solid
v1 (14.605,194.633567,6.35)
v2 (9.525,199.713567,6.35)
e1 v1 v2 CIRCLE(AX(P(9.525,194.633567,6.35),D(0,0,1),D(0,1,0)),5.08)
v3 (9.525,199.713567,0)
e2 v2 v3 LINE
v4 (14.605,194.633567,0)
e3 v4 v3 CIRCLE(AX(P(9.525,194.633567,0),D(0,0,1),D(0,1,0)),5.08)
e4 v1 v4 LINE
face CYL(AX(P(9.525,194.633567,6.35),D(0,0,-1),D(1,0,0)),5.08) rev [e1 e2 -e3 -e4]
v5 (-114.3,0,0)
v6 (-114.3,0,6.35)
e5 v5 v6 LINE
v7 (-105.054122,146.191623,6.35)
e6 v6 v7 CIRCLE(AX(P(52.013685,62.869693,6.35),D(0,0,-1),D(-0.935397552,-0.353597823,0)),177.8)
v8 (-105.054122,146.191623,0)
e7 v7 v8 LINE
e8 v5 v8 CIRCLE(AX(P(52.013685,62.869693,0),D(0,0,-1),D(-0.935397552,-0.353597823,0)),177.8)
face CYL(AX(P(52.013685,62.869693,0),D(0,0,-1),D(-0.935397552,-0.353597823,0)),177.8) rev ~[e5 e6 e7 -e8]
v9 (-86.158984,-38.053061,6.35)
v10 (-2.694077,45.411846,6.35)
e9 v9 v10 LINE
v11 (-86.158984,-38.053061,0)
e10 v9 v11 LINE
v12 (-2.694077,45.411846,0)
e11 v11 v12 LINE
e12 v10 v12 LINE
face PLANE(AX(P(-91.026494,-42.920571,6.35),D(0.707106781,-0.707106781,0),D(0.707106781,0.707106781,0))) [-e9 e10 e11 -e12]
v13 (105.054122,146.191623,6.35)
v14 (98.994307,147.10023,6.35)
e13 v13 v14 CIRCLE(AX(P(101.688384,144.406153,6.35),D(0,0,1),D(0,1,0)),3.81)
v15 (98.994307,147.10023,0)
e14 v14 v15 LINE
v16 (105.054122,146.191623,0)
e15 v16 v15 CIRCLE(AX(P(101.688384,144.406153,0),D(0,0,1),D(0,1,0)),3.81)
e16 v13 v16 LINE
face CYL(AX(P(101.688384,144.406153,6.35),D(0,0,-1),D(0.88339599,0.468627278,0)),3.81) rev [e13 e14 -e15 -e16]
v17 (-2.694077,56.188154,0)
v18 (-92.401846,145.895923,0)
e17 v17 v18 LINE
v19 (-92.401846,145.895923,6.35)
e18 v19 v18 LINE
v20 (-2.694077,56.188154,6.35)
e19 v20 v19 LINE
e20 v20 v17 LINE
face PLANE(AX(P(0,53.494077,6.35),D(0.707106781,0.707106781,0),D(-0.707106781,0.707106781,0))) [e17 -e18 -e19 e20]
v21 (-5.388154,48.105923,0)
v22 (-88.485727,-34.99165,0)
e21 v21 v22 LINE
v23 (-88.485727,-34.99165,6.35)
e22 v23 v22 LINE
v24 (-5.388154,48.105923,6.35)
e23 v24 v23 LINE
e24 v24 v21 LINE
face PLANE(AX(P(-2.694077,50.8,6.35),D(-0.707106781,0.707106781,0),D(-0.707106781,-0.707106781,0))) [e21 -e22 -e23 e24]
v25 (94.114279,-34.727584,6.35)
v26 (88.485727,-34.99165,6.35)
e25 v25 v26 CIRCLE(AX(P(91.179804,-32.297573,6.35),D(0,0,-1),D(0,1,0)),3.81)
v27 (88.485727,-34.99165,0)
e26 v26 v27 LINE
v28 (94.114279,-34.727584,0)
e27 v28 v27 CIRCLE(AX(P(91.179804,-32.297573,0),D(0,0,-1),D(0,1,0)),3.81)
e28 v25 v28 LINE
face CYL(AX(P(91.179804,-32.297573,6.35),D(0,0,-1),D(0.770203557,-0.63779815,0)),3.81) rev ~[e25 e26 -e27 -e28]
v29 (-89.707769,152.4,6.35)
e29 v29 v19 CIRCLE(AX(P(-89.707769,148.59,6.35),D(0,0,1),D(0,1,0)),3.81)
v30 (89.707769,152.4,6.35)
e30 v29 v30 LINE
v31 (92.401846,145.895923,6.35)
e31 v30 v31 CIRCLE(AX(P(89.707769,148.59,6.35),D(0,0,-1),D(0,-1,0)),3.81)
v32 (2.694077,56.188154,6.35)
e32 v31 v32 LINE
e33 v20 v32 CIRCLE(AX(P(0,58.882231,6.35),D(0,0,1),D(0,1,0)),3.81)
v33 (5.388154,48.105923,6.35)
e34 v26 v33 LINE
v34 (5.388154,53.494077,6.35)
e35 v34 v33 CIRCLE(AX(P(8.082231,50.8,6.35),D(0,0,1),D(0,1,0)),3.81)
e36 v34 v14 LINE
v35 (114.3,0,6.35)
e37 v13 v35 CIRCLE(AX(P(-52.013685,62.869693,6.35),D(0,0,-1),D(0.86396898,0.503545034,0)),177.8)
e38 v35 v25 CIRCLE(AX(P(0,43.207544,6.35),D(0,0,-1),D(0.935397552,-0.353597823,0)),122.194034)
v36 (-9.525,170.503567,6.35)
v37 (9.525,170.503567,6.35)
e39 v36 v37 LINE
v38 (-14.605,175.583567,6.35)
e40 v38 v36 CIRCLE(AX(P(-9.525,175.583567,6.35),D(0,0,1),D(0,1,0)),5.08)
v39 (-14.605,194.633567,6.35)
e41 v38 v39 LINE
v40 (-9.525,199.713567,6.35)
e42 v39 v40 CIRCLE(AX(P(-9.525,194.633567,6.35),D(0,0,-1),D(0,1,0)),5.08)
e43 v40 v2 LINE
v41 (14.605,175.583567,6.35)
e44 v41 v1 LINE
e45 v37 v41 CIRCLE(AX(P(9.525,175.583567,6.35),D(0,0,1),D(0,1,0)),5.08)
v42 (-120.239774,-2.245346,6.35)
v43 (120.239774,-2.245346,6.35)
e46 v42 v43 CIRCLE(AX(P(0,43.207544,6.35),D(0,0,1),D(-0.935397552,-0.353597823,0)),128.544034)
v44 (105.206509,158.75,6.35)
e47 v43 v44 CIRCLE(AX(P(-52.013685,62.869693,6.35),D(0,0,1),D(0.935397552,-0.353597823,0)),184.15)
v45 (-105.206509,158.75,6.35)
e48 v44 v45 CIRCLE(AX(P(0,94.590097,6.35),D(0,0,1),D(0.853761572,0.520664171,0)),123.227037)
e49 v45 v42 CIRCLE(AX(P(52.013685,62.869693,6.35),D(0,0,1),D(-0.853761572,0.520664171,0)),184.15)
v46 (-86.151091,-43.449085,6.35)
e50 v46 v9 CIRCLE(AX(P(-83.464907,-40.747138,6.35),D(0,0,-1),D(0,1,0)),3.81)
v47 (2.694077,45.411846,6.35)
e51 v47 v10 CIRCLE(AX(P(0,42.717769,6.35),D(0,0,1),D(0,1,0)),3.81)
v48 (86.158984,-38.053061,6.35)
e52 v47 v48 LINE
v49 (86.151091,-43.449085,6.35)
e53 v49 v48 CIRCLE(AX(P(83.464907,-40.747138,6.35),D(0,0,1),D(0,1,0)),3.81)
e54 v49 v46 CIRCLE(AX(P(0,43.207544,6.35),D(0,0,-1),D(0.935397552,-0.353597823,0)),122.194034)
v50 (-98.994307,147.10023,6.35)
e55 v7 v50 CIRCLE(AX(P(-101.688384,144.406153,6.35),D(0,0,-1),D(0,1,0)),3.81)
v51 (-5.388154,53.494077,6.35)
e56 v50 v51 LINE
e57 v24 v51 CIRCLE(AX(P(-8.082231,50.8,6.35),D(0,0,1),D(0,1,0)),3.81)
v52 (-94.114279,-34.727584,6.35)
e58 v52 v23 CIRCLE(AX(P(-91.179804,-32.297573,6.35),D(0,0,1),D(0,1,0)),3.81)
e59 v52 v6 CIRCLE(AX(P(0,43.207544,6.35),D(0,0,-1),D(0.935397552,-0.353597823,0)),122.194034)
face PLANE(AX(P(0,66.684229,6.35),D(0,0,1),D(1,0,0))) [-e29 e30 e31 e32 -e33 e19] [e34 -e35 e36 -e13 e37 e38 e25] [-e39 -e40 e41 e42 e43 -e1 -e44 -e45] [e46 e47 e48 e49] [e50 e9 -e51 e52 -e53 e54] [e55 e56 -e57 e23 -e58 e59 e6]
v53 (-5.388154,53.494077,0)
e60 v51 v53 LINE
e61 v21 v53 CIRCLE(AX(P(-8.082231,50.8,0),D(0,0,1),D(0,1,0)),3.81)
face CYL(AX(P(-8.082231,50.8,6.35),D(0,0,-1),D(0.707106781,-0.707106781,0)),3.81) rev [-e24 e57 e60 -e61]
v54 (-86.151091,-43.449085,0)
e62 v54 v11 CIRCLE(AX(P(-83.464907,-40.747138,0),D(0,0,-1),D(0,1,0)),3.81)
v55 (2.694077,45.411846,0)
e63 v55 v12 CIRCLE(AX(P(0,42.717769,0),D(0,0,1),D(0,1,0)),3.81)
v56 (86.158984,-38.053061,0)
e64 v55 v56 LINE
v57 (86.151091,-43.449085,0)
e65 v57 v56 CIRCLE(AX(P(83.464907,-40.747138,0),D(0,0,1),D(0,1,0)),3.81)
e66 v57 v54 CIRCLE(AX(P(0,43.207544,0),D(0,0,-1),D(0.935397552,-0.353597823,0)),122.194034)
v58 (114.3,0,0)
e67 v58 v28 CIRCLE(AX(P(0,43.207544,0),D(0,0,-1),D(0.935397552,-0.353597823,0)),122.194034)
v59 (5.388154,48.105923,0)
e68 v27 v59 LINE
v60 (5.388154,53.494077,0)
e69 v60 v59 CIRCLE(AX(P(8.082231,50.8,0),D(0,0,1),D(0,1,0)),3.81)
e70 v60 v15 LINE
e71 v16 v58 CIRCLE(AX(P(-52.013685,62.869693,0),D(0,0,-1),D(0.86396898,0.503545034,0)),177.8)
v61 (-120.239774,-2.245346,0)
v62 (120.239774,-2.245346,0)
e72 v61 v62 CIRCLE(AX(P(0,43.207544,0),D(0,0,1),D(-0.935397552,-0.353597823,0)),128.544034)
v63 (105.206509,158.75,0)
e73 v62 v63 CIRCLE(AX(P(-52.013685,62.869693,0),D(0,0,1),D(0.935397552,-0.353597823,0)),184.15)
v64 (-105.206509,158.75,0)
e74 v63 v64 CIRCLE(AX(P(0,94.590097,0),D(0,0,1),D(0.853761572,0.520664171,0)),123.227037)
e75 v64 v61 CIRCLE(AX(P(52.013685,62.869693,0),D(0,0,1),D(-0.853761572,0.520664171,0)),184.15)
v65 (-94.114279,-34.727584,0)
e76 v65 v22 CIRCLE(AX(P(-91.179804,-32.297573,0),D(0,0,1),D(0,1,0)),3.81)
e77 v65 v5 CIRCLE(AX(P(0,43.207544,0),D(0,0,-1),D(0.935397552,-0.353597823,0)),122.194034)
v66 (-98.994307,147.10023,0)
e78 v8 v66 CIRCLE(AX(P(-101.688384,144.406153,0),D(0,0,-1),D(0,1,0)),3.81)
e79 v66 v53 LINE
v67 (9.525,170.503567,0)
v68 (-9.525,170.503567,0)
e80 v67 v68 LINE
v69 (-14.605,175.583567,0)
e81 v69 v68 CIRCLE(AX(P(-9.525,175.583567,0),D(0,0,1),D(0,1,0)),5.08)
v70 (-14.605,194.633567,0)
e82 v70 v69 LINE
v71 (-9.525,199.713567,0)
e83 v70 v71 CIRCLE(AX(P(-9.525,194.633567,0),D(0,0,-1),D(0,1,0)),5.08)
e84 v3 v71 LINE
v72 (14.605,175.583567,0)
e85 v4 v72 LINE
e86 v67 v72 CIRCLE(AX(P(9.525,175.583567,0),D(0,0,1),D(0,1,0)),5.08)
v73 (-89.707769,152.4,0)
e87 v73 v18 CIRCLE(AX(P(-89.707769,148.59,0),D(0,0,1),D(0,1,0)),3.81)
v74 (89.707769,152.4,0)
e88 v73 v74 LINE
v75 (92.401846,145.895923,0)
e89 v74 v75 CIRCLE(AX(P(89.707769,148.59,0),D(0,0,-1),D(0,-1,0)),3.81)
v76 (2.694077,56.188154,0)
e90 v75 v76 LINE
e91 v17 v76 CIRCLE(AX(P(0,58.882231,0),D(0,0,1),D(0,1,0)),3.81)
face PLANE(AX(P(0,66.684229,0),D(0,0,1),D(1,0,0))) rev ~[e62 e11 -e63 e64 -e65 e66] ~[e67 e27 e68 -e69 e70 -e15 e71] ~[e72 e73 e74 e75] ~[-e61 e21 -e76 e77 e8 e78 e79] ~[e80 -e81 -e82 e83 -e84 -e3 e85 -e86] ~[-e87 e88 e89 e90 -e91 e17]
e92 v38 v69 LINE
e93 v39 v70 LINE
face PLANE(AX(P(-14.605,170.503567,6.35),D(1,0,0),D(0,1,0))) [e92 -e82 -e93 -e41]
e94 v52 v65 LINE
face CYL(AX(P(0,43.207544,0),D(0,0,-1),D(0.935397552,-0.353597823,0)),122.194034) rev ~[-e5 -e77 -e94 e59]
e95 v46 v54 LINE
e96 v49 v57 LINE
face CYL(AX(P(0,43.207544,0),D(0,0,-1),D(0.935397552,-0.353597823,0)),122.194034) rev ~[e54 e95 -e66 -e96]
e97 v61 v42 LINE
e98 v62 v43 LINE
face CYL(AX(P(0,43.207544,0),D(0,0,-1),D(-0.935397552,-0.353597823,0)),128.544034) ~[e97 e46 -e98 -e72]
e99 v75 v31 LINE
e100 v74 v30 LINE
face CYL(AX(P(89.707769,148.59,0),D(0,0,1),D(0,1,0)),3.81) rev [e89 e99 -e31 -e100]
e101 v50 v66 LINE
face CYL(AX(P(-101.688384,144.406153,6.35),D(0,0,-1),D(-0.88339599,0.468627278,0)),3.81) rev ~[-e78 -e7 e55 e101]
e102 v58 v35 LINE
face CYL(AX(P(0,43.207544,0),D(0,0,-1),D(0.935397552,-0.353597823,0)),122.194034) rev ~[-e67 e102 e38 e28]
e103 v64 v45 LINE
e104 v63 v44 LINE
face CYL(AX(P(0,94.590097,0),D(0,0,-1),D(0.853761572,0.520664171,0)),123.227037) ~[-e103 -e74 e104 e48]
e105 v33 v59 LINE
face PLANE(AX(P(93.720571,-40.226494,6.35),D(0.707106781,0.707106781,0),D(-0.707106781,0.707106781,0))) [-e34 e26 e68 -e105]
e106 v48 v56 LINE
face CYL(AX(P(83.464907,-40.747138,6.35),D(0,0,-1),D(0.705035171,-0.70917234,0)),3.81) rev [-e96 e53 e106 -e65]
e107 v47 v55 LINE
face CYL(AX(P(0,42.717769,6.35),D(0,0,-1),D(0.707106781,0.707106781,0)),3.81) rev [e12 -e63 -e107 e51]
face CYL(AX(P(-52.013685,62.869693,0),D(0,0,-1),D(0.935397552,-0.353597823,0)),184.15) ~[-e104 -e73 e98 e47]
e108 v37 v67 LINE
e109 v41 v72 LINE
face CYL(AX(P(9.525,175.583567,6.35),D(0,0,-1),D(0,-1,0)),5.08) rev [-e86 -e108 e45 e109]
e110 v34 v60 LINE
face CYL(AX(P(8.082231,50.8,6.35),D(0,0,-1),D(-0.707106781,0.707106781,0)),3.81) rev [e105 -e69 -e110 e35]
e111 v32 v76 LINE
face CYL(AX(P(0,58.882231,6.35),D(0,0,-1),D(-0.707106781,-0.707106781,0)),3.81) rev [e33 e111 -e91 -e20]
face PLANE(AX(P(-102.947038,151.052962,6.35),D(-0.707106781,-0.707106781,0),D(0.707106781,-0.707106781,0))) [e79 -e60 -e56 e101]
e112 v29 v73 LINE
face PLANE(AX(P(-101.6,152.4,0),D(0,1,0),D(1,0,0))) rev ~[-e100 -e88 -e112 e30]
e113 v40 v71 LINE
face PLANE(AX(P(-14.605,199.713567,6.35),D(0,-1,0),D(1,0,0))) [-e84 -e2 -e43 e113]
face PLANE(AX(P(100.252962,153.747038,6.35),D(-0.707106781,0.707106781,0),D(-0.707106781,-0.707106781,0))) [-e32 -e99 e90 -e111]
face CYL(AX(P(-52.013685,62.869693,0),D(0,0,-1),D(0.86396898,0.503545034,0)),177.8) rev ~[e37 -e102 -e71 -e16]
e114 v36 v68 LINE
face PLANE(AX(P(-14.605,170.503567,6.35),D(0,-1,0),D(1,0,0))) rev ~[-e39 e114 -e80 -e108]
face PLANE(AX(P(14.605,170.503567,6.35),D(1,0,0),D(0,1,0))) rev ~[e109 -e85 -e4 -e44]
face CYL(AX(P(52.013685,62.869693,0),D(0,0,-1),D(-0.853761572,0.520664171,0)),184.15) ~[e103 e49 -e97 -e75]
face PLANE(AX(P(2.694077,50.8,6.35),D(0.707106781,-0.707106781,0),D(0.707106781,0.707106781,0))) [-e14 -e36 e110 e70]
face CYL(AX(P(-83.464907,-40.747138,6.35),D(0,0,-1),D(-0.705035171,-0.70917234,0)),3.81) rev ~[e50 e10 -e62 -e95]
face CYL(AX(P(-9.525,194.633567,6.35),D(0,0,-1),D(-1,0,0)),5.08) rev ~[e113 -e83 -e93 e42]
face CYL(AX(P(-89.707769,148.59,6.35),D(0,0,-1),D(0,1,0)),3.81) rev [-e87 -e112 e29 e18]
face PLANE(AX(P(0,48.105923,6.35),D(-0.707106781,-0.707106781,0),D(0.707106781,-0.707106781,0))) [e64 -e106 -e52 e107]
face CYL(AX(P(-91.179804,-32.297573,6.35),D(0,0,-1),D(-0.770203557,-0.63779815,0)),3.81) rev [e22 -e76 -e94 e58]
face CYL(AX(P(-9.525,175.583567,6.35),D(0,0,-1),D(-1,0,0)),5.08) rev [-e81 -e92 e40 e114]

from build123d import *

# Parameters (mm, degrees)
BOSS_EXTRUDE1_DEPTH = 6.35
CUT_EXTRUDE1_REACH  = 8.35
SKETCH2_W           = 29.21
SKETCH2_H           = 29.21
FILLET1_R           = 5.08
BOSS_EXTRUDE2_DEPTH = 6.35
FILLET2_R           = 3.81


with BuildPart() as part:
    # Sketch1 → Boss-Extrude1 (new body)
    with BuildSketch(Plane.XY):
        with BuildLine():
            ThreePointArc((-105.206508748, 158.75), (-131.338700922, 79.990592372), (-120.239774453, -2.245346177))
            ThreePointArc((-120.239774453, -2.245346177), (0, -85.336489431), (120.239774453, -2.245346177))
            ThreePointArc((120.239774453, -2.245346177), (131.338700922, 79.990592372), (105.206508748, 158.75))
            ThreePointArc((105.206508748, 158.75), (0, 217.817133941), (-105.206508748, 158.75))
        make_face()
        with BuildLine():
            Line((-101.6, 152.4), (101.6, 152.4))
            ThreePointArc((101.6, 152.4), (125.172151144, 77.635179262), (114.3, 0))
            ThreePointArc((114.3, 0), (0, -78.986489431), (-114.3, 0))
            ThreePointArc((-114.3, 0), (-125.172151144, 77.635179262), (-101.6, 152.4))
        make_face(mode=Mode.SUBTRACT)
    extrude(amount=BOSS_EXTRUDE1_DEPTH)

    # Sketch2 → Cut-Extrude1 (cut, up to next)
    with BuildSketch(Plane.XY.offset(6.35), mode=Mode.PRIVATE) as cut_extrude1_sk1:
        with Locations((0, 185.10856697)):
            Rectangle(SKETCH2_W, SKETCH2_H)
    cut_extrude1_tool1 = extrude(cut_extrude1_sk1.sketch, amount=-CUT_EXTRUDE1_REACH, mode=Mode.PRIVATE) & part.part
    add(cut_extrude1_tool1.solids().sort_by_distance((0, 185.108567, 6.35))[0], mode=Mode.SUBTRACT)

    # Fillet1
    fillet1_edges = [part.edges().sort_by_distance(p)[0] for p in [
        (14.605, 199.71356697, 3.175),
        (14.605, 170.50356697, 3.175),
        (-14.605, 170.50356697, 3.175),
        (-14.605, 199.71356697, 3.175),
    ]]
    fillet(fillet1_edges, radius=FILLET1_R)

    # Sketch3 → Boss-Extrude2 (add)
    with BuildSketch(Plane.XY.offset(6.35)):
        Polygon((-100.252961582, 153.747038418), (-102.947038418, 151.052961582), (-2.694076836, 50.8), (-93.720570633, -40.226493797), (-91.026493797, -42.920570633), (0, 48.105923164), (91.026493797, -42.920570633), (93.720570633, -40.226493797), (2.694076836, 50.8), (102.947038418, 151.052961582), (100.252961582, 153.747038418), (0, 53.494076836), align=None)
    extrude(amount=-BOSS_EXTRUDE2_DEPTH)

    # Fillet2
    fillet2_edges = [part.edges().sort_by_distance(p)[0] for p in [
        (102.584006308, 150.689929472, 3.175),
        (98.905923164, 152.4, 3.175),
        (-88.818700326, -40.712777162, 3.175),
        (-91.394282222, -37.900205386, 3.175),
        (0, 53.494076836, 3.175),
        (-102.584006308, 150.689929472, 3.175),
        (-98.905923164, 152.4, 3.175),
        (0, 48.105923164, 3.175),
        (88.818700326, -40.712777162, 3.175),
        (91.394282222, -37.900205386, 3.175),
        (2.694076836, 50.8, 3.175),
        (-2.694076836, 50.8, 3.175),
    ]]
    fillet(fillet2_edges, radius=FILLET2_R)


solid = part.part
